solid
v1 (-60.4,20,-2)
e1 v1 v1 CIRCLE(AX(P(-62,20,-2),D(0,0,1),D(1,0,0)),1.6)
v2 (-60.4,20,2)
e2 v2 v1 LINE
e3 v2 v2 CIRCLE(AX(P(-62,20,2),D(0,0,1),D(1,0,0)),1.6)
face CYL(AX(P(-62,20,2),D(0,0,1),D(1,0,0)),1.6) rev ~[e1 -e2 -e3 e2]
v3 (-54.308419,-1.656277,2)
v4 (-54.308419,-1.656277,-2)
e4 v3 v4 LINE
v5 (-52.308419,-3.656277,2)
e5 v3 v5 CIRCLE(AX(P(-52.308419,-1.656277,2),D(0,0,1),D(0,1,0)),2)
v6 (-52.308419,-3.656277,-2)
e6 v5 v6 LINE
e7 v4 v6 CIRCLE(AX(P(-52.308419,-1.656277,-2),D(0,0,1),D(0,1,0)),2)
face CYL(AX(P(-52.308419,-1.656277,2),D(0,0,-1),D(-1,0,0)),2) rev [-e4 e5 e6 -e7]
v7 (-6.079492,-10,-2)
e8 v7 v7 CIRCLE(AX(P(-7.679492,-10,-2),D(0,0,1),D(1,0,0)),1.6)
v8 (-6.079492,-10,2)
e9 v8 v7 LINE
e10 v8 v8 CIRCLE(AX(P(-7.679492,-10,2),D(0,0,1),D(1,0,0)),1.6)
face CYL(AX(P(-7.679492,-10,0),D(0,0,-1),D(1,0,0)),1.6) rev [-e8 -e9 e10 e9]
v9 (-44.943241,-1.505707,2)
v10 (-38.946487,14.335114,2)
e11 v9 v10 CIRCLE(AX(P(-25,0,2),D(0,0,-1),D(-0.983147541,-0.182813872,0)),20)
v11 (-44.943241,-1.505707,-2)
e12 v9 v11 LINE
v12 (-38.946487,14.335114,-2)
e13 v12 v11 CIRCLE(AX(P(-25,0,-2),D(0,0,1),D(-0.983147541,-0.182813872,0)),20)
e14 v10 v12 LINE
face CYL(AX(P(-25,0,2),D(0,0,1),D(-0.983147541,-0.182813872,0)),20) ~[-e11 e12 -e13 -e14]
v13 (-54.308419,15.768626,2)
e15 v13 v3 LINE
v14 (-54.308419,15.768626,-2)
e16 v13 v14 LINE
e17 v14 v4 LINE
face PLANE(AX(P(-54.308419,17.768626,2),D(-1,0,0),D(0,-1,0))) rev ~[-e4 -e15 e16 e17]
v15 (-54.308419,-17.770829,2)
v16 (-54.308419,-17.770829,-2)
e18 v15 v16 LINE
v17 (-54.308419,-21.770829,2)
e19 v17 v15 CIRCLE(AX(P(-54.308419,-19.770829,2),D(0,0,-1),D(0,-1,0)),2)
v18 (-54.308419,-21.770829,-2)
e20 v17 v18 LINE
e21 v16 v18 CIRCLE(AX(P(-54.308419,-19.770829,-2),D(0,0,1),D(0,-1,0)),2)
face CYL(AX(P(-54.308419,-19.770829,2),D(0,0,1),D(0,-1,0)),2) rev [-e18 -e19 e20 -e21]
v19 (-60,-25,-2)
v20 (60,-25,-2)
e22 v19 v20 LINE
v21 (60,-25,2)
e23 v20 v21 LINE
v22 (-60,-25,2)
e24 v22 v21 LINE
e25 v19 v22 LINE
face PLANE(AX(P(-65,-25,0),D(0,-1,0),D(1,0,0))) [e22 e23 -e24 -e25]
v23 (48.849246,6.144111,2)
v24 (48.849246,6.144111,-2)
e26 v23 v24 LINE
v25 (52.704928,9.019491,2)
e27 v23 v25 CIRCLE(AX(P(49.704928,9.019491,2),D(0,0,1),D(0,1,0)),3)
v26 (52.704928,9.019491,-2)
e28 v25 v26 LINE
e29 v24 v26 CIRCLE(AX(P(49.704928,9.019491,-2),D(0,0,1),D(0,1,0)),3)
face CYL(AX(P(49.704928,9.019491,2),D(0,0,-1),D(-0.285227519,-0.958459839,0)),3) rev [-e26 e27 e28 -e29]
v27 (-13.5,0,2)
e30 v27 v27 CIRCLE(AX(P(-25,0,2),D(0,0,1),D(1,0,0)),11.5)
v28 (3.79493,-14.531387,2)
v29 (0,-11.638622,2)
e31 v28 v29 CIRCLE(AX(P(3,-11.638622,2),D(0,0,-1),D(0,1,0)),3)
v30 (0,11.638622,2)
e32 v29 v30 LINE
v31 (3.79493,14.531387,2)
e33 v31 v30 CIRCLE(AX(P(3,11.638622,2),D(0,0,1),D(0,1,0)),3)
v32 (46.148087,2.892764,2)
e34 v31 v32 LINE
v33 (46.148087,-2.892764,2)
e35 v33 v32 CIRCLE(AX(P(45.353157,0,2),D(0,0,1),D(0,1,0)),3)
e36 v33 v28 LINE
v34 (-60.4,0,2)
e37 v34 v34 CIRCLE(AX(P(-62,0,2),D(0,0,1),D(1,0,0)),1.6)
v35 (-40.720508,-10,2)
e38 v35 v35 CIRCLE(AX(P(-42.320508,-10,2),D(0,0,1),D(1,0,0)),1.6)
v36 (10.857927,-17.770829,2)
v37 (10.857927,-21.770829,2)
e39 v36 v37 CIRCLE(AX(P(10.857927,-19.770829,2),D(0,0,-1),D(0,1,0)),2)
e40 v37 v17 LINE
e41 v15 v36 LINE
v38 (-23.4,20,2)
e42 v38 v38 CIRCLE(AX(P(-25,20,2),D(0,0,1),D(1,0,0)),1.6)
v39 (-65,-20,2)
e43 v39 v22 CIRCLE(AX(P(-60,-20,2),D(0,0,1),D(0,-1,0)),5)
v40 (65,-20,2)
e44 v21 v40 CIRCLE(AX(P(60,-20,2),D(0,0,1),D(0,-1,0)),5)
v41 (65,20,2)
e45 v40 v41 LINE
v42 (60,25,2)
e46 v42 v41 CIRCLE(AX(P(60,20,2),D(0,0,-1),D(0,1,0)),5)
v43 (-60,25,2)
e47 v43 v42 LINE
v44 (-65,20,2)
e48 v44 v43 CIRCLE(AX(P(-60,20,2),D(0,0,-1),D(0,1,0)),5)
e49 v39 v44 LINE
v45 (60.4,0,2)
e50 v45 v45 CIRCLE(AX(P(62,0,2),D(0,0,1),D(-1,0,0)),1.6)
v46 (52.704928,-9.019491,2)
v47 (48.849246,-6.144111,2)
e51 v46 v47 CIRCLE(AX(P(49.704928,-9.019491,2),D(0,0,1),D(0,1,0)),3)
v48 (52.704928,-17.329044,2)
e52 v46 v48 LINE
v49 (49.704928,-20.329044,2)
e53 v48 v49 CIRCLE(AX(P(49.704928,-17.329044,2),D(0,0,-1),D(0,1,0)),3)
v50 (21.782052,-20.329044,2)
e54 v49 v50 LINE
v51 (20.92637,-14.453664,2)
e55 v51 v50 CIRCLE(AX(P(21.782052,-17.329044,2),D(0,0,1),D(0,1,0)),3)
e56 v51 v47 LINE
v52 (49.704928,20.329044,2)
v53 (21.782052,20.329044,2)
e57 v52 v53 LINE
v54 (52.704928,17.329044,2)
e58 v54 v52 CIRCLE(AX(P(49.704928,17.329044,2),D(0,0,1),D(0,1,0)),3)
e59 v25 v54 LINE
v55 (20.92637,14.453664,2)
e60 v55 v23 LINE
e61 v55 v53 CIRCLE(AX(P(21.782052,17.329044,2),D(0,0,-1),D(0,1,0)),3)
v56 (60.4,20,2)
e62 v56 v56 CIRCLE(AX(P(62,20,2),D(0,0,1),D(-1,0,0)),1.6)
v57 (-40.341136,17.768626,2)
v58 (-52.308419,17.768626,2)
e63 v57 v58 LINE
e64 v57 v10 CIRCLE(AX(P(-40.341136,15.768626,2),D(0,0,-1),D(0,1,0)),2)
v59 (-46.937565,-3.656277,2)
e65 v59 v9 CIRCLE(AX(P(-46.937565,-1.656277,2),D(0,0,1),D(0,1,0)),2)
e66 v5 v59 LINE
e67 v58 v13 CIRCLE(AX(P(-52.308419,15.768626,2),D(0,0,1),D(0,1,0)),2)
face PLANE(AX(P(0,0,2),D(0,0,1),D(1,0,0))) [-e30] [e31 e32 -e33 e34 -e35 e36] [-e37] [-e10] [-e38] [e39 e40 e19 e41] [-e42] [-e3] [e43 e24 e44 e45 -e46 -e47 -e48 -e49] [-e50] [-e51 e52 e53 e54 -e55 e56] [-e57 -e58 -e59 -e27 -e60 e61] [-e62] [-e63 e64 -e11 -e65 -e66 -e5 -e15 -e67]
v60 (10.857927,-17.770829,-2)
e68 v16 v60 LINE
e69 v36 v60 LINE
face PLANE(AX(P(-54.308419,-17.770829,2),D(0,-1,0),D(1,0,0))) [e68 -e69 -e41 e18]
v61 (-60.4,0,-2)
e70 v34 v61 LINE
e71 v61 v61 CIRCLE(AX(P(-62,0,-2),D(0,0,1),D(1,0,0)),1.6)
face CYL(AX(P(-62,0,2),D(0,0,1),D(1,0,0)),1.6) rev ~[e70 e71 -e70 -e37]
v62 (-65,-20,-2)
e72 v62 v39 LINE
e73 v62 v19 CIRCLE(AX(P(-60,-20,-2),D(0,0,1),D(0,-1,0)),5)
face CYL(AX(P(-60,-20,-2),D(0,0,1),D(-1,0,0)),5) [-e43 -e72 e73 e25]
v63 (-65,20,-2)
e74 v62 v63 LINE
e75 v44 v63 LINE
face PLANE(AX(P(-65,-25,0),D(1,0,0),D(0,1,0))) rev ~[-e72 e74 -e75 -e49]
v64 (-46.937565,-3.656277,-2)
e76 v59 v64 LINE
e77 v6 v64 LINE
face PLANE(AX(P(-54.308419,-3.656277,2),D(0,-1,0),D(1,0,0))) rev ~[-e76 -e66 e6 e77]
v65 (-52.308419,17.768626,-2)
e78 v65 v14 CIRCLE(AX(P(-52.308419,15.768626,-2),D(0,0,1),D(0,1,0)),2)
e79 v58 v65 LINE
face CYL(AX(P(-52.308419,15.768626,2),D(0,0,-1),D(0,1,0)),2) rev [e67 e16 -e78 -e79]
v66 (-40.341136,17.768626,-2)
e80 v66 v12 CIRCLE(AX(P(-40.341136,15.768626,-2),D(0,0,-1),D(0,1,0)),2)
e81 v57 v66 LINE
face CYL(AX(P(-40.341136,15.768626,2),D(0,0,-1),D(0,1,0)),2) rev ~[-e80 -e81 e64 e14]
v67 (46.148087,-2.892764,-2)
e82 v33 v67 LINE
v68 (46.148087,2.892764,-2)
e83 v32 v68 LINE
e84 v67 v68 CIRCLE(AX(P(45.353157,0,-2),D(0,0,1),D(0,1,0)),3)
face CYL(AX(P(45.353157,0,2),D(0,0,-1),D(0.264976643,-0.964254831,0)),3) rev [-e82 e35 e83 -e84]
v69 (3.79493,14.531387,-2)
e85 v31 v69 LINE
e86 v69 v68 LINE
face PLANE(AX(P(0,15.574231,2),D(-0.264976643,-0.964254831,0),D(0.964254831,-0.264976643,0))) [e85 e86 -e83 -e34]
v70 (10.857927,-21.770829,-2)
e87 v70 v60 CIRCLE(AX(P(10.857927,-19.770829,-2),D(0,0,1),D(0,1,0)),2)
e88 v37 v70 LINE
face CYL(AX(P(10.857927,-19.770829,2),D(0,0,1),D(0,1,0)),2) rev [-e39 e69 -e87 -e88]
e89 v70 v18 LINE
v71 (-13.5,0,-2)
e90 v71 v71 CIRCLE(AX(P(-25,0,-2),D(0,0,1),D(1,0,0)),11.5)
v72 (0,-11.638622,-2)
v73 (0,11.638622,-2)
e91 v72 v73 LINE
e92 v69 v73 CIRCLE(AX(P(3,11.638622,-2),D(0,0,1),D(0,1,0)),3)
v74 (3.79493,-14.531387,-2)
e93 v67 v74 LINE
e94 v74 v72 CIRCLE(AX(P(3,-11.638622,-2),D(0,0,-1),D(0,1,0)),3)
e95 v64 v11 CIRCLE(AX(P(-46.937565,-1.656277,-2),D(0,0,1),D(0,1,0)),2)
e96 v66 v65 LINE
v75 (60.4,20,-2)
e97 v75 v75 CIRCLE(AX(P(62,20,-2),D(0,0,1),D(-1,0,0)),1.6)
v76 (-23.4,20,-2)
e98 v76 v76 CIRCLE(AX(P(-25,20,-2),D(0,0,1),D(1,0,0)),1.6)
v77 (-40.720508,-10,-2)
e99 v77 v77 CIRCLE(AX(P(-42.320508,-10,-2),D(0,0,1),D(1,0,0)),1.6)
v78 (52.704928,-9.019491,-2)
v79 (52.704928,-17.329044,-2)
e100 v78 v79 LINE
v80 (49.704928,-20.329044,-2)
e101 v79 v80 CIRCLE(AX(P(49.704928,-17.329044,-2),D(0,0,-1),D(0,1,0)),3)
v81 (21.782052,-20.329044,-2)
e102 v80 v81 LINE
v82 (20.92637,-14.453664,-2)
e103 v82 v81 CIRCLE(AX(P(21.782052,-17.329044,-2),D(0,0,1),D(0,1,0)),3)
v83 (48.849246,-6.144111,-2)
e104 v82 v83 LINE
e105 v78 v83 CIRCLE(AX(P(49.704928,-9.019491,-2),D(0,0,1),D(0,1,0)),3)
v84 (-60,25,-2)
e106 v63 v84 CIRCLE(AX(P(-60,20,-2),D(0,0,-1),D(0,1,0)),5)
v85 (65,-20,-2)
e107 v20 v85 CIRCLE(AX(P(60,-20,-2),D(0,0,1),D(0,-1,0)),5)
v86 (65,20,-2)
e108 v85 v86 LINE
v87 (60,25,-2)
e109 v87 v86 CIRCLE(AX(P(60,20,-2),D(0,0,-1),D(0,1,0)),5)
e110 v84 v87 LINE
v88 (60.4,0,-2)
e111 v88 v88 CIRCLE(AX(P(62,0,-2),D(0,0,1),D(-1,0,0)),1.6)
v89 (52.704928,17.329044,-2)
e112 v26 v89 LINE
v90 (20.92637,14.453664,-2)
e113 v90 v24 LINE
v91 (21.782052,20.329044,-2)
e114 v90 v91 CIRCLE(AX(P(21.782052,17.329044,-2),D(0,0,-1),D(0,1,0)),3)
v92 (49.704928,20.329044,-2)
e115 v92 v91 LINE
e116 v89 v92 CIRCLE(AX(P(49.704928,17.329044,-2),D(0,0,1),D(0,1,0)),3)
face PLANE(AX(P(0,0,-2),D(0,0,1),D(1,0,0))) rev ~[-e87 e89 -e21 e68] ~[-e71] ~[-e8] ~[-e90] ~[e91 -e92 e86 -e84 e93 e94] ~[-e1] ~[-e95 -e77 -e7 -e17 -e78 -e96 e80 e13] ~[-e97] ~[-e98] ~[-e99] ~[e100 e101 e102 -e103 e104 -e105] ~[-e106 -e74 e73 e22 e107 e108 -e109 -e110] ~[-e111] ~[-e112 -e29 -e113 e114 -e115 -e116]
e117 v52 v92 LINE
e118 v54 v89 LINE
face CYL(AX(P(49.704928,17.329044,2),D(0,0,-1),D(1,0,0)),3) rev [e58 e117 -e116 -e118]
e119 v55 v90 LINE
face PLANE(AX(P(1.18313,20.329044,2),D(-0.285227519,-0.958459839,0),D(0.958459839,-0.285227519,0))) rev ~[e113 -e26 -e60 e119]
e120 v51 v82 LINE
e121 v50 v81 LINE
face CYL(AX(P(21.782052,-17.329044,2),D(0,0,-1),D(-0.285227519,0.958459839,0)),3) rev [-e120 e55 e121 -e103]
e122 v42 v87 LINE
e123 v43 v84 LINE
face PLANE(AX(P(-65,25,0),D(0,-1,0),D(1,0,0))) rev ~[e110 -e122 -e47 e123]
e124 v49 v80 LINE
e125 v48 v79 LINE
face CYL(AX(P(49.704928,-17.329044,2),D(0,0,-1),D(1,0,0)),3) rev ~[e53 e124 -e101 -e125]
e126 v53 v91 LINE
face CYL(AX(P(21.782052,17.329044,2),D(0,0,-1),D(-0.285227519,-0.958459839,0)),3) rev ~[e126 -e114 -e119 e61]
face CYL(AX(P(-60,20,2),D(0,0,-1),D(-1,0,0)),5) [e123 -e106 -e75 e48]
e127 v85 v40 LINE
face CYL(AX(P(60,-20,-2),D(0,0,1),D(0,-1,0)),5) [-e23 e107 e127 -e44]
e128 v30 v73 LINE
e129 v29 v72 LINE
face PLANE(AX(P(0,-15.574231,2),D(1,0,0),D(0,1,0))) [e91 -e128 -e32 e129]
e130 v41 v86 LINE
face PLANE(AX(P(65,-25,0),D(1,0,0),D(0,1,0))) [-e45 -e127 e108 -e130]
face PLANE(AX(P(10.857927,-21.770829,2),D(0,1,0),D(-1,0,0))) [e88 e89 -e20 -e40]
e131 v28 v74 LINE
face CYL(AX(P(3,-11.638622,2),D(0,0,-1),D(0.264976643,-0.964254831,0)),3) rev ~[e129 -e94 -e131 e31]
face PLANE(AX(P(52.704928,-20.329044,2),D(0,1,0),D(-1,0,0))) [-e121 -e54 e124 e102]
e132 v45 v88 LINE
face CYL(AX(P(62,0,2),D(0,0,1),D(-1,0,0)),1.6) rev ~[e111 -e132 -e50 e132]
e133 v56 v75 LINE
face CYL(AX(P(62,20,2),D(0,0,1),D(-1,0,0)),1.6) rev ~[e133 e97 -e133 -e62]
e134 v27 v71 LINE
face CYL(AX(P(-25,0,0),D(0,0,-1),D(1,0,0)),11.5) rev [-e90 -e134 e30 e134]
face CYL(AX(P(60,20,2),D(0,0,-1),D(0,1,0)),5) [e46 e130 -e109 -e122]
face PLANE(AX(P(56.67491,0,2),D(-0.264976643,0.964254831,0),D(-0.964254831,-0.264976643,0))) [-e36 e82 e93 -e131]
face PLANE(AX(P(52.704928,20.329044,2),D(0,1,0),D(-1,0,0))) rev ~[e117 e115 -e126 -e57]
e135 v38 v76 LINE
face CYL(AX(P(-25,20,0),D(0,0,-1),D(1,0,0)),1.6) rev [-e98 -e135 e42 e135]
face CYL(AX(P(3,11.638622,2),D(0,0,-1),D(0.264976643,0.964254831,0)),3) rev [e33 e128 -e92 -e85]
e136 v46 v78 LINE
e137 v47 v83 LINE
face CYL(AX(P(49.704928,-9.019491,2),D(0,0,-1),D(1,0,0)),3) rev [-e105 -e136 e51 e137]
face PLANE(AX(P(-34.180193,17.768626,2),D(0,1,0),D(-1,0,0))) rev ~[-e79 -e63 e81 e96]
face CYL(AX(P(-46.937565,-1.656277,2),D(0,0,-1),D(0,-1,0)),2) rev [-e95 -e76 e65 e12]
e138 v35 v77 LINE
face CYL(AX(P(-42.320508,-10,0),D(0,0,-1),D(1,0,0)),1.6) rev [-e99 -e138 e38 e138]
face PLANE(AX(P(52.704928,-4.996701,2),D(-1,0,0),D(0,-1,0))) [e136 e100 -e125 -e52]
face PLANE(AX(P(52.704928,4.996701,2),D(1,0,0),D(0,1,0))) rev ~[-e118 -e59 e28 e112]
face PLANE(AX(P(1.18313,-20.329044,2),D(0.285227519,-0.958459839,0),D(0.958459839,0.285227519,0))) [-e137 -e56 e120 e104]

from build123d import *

# Parameters (mm, degrees)
SKETCH_1_W          = 130
SKETCH_1_H          = 50
SKETCH_1_R          = 11.5
SKETCH_1_R_2        = 1.6
EXTRUDE_1_DEPTH     = 2
SKETCH_2_R          = 1.6
CUT_EXTRUDE_1_DEPTH = 70.756720106
FILLET_1_R          = 5
CUT_EXTRUDE_2_DEPTH = 70.756720106
FILLET_2_R          = 3
CUT_EXTRUDE_3_DEPTH = 70.756720106
FILLET_3_R          = 2


with BuildPart() as part:
    # 草图1 → 凸台-拉伸1 (new, symmetric)
    with BuildSketch(Plane.XY):
        Rectangle(SKETCH_1_W, SKETCH_1_H)
        with Locations((-25, 0)):
            Circle(SKETCH_1_R, mode=Mode.SUBTRACT)
        with Locations((-25, 20)):
            Circle(SKETCH_1_R_2, mode=Mode.SUBTRACT)
        with Locations((-7.679491924, -10)):
            Circle(SKETCH_1_R_2, mode=Mode.SUBTRACT)
        with Locations((-42.320508076, -10)):
            Circle(SKETCH_1_R_2, mode=Mode.SUBTRACT)
    extrude(amount=EXTRUDE_1_DEPTH, both=True)

    # 草图2 → 切除-拉伸1 (cut, through all)
    with BuildSketch(Plane.XY.offset(2)):
        with Locations((-62, 0)):
            Circle(SKETCH_2_R)
        with Locations((-62, 20)):
            Circle(SKETCH_2_R)
        with Locations(Location((62, 0, 0), (0, 0, 180))):
            Circle(SKETCH_2_R)
        with Locations(Location((62, 20, 0), (0, 0, 180))):
            Circle(SKETCH_2_R)
    extrude(amount=-CUT_EXTRUDE_1_DEPTH, mode=Mode.SUBTRACT)

    # 圆角1
    fillet_1_edges = [part.edges().sort_by_distance(p)[0] for p in [
        (65, -25, 0),
        (-65, -25, 0),
        (-65, 25, 0),
        (65, 25, 0),
    ]]
    fillet(fillet_1_edges, radius=FILLET_1_R)

    # 草图3 → 切除-拉伸2 (cut, through all)
    with BuildSketch(Plane.XY.offset(2)):
        Polygon((0, -15.574230951), (0, 15.574230951), (56.674910039, 0), align=None)
        Polygon((52.704928418, -20.329043818), (1.183129779, -20.329043818), (52.704928418, -4.996701006), align=None)
        Polygon((1.183129779, 20.329043818), (52.704928418, 4.996701006), (52.704928418, 20.329043818), align=None)
    extrude(amount=-CUT_EXTRUDE_2_DEPTH, mode=Mode.SUBTRACT)

    # 圆角2
    fillet_2_edges = [part.edges().sort_by_distance(p)[0] for p in [
        (1.183129779, 20.329043818, 0),
        (52.704928418, 20.329043818, 0),
        (52.704928418, 4.996701006, 0),
        (52.704928418, -4.996701006, 0),
        (52.704928418, -20.329043818, 0),
        (1.183129779, -20.329043818, 0),
        (56.674910039, 0, 0),
        (0, -15.574230951, 0),
        (0, 15.574230951, 0),
    ]]
    fillet(fillet_2_edges, radius=FILLET_2_R)

    # 草图4 → 切除-拉伸3 (cut, through all)
    with BuildSketch(Plane.XY.offset(2)):
        with BuildLine():
            Line((-34.180193003, 17.76862562), (-54.308419113, 17.76862562))
            Line((-54.308419113, 17.76862562), (-54.308419113, -3.656277433))
            Line((-54.308419113, -3.656277433), (-44.66295083, -3.656277433))
            ThreePointArc((-44.66295083, -3.656277433), (-42.964920101, 8.789860395), (-34.180193003, 17.76862562))
        make_face()
        with BuildLine():
            Line((-54.308419113, -17.77082873), (10.857927113, -17.77082873))
            ThreePointArc((10.857927113, -17.77082873), (12.857927113, -19.77082873), (10.857927113, -21.77082873))
            Line((10.857927113, -21.77082873), (-54.308419113, -21.77082873))
            ThreePointArc((-54.308419113, -21.77082873), (-56.308419113, -19.77082873), (-54.308419113, -17.77082873))
        make_face()
    extrude(amount=-CUT_EXTRUDE_3_DEPTH, mode=Mode.SUBTRACT)

    # 圆角3
    fillet_3_edges = [part.edges().sort_by_distance(p)[0] for p in [
        (-34.180193003, 17.76862562, 0),
        (-44.66295083, -3.656277433, 0),
        (-54.308419113, -3.656277433, 0),
        (-54.308419113, 17.76862562, 0),
    ]]
    fillet(fillet_3_edges, radius=FILLET_3_R)


solid = part.part
